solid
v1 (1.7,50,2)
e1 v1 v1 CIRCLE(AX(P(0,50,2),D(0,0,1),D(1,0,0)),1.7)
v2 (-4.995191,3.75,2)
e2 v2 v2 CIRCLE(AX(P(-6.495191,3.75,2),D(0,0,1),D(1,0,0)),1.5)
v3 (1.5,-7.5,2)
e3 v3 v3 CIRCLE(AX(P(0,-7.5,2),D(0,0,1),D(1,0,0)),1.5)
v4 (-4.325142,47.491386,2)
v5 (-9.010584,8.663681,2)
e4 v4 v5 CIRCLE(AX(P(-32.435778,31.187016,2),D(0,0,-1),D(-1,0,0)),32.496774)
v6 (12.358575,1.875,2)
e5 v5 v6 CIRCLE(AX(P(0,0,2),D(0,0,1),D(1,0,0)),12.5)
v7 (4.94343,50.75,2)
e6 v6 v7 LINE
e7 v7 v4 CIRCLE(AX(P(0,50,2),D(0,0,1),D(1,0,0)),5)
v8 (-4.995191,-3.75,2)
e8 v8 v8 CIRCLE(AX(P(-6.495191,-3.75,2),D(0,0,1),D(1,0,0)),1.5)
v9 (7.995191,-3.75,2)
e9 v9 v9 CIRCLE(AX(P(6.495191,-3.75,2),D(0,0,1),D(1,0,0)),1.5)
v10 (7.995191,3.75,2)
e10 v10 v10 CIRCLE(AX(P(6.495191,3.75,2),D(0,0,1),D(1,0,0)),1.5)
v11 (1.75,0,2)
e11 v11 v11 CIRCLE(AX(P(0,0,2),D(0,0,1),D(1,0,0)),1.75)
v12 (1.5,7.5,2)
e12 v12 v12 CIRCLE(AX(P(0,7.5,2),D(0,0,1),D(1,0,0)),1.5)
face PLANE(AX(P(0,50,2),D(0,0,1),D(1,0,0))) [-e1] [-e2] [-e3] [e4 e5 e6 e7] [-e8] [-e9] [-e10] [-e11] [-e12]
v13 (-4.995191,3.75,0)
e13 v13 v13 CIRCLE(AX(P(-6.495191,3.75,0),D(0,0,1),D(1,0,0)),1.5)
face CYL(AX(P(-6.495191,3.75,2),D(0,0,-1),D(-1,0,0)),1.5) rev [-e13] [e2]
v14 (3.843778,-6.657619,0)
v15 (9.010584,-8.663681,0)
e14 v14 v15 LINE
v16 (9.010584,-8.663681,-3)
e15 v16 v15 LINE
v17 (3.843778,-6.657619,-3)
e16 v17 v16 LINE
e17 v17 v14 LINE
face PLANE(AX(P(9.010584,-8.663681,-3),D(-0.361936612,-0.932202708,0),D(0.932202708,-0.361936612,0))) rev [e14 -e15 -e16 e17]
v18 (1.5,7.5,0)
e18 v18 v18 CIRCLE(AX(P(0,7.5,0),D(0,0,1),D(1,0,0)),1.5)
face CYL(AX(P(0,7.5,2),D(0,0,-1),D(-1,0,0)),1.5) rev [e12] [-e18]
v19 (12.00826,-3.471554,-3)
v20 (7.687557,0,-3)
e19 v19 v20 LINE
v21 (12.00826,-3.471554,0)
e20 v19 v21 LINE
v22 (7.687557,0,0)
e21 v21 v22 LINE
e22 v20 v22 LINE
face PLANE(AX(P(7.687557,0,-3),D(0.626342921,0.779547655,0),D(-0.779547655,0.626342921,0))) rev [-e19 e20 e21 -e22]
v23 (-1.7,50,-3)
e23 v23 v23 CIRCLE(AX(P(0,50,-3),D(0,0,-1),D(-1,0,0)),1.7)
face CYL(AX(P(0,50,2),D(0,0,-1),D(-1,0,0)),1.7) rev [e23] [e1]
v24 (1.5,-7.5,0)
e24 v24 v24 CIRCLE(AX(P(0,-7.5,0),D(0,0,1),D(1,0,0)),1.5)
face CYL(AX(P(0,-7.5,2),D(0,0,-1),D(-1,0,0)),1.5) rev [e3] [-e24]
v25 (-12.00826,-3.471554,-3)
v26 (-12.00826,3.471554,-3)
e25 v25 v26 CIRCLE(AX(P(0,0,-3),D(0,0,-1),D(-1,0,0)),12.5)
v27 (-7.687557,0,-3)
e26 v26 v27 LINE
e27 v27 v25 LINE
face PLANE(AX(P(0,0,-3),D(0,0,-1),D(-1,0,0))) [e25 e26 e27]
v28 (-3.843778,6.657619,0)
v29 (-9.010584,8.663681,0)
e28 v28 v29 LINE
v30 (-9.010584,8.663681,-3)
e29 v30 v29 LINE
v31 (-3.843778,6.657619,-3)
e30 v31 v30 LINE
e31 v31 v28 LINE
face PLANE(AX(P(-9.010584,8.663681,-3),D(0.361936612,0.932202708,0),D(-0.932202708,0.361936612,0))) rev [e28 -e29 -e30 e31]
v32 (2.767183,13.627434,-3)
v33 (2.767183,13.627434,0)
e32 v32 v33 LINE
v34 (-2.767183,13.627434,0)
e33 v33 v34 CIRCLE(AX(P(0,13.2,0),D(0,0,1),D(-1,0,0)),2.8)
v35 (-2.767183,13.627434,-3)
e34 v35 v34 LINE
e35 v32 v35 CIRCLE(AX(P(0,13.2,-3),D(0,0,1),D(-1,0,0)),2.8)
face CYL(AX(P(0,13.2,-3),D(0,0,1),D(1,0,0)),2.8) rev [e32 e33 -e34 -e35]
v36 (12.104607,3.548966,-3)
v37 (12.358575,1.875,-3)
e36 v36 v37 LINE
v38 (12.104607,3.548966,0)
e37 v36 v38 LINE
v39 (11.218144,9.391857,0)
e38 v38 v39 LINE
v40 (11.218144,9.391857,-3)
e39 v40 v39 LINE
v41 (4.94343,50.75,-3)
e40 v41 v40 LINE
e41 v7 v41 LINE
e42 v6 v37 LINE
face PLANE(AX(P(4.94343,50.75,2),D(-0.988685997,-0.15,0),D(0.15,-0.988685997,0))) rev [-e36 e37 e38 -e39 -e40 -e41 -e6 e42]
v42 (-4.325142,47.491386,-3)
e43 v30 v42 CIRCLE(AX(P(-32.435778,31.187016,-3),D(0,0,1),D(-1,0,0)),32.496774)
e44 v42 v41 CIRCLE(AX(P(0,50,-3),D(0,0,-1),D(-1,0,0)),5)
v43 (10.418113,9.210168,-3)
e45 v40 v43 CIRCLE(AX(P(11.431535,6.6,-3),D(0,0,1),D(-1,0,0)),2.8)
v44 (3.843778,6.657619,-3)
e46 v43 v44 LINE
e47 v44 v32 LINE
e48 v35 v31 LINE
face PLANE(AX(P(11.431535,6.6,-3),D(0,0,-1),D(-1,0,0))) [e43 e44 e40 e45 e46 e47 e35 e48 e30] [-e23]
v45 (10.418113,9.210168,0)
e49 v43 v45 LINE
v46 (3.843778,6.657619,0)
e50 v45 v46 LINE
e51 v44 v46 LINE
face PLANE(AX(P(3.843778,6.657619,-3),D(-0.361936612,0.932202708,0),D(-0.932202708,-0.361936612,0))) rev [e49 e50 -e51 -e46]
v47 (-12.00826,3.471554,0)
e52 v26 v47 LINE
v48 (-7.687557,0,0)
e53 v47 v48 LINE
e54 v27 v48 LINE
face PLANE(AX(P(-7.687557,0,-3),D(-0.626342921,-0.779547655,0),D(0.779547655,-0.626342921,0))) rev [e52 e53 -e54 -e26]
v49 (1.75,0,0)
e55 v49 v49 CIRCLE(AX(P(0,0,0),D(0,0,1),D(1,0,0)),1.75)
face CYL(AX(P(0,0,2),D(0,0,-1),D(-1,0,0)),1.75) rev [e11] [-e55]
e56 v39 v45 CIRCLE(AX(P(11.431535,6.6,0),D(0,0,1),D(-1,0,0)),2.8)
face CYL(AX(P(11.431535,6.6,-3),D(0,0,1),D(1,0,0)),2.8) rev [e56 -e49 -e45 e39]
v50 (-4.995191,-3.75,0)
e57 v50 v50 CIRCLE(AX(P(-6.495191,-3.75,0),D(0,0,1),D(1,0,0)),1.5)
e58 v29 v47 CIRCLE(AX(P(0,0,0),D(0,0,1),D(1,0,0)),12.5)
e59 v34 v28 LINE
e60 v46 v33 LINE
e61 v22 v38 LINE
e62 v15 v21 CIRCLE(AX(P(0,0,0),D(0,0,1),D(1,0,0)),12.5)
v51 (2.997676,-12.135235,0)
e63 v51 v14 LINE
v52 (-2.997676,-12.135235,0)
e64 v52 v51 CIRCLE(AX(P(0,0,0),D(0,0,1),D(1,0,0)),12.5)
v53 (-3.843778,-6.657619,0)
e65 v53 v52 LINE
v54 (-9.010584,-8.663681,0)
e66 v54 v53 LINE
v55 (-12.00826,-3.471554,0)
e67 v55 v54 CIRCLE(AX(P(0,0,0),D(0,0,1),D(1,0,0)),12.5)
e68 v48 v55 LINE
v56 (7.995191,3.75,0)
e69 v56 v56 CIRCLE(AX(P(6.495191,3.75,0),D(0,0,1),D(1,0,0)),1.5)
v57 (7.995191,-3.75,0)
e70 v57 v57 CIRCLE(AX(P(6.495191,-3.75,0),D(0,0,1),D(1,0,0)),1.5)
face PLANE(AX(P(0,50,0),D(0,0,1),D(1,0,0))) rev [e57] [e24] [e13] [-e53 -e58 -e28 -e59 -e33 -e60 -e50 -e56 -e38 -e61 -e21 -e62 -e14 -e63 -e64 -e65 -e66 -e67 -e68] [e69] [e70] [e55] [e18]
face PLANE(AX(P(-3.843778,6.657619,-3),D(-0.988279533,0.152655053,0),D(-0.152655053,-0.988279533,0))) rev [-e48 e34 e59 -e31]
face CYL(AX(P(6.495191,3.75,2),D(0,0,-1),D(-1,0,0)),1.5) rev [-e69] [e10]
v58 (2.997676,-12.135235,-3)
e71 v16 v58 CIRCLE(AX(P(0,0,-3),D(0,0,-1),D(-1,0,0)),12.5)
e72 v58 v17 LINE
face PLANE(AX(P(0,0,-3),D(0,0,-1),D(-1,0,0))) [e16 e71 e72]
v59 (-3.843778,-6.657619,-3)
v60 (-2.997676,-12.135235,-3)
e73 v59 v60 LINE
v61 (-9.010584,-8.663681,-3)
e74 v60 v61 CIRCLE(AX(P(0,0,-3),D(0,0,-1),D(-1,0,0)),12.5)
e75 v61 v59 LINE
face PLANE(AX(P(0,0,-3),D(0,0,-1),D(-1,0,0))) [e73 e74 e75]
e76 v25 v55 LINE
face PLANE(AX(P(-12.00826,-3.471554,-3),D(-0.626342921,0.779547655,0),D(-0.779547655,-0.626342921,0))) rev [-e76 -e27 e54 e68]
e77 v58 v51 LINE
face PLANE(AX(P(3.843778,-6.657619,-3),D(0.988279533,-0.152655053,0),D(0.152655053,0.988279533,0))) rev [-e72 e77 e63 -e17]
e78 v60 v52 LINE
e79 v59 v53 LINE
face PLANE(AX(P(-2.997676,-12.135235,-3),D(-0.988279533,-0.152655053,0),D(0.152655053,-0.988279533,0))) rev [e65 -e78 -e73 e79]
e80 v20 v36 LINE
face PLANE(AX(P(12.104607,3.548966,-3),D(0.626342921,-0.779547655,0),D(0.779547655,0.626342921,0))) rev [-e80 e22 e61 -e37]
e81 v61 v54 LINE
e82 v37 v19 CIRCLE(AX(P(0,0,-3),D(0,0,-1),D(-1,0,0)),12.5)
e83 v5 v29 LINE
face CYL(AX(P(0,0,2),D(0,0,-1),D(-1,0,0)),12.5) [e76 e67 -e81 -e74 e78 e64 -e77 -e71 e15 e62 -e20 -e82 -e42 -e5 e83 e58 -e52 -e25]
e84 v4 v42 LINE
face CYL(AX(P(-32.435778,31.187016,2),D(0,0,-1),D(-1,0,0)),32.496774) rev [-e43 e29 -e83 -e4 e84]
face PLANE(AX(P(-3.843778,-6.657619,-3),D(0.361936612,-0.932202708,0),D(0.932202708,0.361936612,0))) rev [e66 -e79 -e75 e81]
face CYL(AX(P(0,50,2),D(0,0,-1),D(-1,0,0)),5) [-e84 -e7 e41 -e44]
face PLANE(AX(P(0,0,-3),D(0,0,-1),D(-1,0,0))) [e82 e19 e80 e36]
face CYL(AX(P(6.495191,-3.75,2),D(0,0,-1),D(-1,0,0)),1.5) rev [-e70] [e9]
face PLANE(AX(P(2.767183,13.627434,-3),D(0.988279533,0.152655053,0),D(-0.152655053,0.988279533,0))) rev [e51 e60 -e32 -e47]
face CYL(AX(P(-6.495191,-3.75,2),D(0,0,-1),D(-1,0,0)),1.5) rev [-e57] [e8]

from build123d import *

# Parameters (mm, degrees)
SKETCH_1_R      = 1.7
SKETCH_1_R_2    = 1.75
SKETCH_1_R_3    = 1.5
EXTRUDE_1_DEPTH = 2
SKETCH_2_R      = 1.7
EXTRUDE_2_DEPTH = 3


with BuildPart() as part:
    # 草图1 → 凸台-拉伸1 (new body)
    with BuildSketch(Plane.XY):
        with BuildLine():
            Line((4.943429983, 50.75), (12.358574958, 1.875))
            ThreePointArc((12.358574958, 1.875), (-3.784680756, -11.913277953), (-9.010584258, 8.663681166))
            ThreePointArc((-9.010584258, 8.663681166), (-0.173058011, 27.293788413), (-4.325142467, 47.491386311))
            ThreePointArc((-4.325142467, 47.491386311), (-1.658375909, 54.716968236), (4.943429983, 50.75))
        make_face()
        with Locations((0, 50)):
            Circle(SKETCH_1_R, mode=Mode.SUBTRACT)
        Circle(SKETCH_1_R_2, mode=Mode.SUBTRACT)
        with Locations((-6.495190528, -3.75)):
            Circle(SKETCH_1_R_3, mode=Mode.SUBTRACT)
        with Locations((-6.495190528, 3.75)):
            Circle(SKETCH_1_R_3, mode=Mode.SUBTRACT)
        with Locations((0, 7.5)):
            Circle(SKETCH_1_R_3, mode=Mode.SUBTRACT)
        with Locations((6.495190528, 3.75)):
            Circle(SKETCH_1_R_3, mode=Mode.SUBTRACT)
        with Locations((6.495190528, -3.75)):
            Circle(SKETCH_1_R_3, mode=Mode.SUBTRACT)
        with Locations((0, -7.5)):
            Circle(SKETCH_1_R_3, mode=Mode.SUBTRACT)
    extrude(amount=EXTRUDE_1_DEPTH)

    # 草图2 → 凸台-拉伸2 (add)
    with BuildSketch(Plane(origin=(0, 0, 0), x_dir=(-1, 0, 0), z_dir=(0, 0, -1))):
        with BuildLine():
            Line((-12.104606684, 3.548965842), (-12.358574958, 1.875))
            ThreePointArc((-12.358574958, 1.875), (-12.473254326, -0.817267717), (-12.008260108, -3.471554287))
            Line((-12.008260108, -3.471554287), (-7.687556684, 0))
            Line((-7.687556684, 0), (-12.104606684, 3.548965842))
        make_face()
        with BuildLine():
            Line((-4.943429983, 50.75), (-11.218143605, 9.391856725))
            ThreePointArc((-11.218143605, 9.391856725), (-10.811437733, 9.330472298), (-10.418112816, 9.210167583))
            Line((-10.418112816, 9.210167583), (-3.843778342, 6.657619381))
            Line((-3.843778342, 6.657619381), (-2.767182691, 13.62743415))
            ThreePointArc((-2.767182691, 13.62743415), (0, 16), (2.767182691, 13.62743415))
            Line((2.767182691, 13.62743415), (3.843778342, 6.657619381))
            Line((3.843778342, 6.657619381), (9.010584258, 8.663681166))
            ThreePointArc((9.010584258, 8.663681166), (0.173058011, 27.293788413), (4.325142467, 47.491386311))
            ThreePointArc((4.325142467, 47.491386311), (1.658375909, 54.716968236), (-4.943429983, 50.75))
        make_face()
        with Locations((0, 50)):
            Circle(SKETCH_2_R, mode=Mode.SUBTRACT)
        with BuildLine():
            Line((7.687556684, 0), (12.008260108, 3.471554287))
            ThreePointArc((12.008260108, 3.471554287), (12.5, 0), (12.008260108, -3.471554287))
            Line((12.008260108, -3.471554287), (7.687556684, 0))
        make_face()
        with BuildLine():
            Line((3.843778342, -6.657619381), (9.010584258, -8.663681166))
            ThreePointArc((9.010584258, -8.663681166), (6.25, -10.825317547), (2.997675851, -12.135235453))
            Line((2.997675851, -12.135235453), (3.843778342, -6.657619381))
        make_face()
        with BuildLine():
            Line((-3.843778342, -6.657619381), (-2.997675851, -12.135235453))
            ThreePointArc((-2.997675851, -12.135235453), (-6.25, -10.825317547), (-9.010584258, -8.663681166))
            Line((-9.010584258, -8.663681166), (-3.843778342, -6.657619381))
        make_face()
    extrude(amount=EXTRUDE_2_DEPTH)


solid = part.part
